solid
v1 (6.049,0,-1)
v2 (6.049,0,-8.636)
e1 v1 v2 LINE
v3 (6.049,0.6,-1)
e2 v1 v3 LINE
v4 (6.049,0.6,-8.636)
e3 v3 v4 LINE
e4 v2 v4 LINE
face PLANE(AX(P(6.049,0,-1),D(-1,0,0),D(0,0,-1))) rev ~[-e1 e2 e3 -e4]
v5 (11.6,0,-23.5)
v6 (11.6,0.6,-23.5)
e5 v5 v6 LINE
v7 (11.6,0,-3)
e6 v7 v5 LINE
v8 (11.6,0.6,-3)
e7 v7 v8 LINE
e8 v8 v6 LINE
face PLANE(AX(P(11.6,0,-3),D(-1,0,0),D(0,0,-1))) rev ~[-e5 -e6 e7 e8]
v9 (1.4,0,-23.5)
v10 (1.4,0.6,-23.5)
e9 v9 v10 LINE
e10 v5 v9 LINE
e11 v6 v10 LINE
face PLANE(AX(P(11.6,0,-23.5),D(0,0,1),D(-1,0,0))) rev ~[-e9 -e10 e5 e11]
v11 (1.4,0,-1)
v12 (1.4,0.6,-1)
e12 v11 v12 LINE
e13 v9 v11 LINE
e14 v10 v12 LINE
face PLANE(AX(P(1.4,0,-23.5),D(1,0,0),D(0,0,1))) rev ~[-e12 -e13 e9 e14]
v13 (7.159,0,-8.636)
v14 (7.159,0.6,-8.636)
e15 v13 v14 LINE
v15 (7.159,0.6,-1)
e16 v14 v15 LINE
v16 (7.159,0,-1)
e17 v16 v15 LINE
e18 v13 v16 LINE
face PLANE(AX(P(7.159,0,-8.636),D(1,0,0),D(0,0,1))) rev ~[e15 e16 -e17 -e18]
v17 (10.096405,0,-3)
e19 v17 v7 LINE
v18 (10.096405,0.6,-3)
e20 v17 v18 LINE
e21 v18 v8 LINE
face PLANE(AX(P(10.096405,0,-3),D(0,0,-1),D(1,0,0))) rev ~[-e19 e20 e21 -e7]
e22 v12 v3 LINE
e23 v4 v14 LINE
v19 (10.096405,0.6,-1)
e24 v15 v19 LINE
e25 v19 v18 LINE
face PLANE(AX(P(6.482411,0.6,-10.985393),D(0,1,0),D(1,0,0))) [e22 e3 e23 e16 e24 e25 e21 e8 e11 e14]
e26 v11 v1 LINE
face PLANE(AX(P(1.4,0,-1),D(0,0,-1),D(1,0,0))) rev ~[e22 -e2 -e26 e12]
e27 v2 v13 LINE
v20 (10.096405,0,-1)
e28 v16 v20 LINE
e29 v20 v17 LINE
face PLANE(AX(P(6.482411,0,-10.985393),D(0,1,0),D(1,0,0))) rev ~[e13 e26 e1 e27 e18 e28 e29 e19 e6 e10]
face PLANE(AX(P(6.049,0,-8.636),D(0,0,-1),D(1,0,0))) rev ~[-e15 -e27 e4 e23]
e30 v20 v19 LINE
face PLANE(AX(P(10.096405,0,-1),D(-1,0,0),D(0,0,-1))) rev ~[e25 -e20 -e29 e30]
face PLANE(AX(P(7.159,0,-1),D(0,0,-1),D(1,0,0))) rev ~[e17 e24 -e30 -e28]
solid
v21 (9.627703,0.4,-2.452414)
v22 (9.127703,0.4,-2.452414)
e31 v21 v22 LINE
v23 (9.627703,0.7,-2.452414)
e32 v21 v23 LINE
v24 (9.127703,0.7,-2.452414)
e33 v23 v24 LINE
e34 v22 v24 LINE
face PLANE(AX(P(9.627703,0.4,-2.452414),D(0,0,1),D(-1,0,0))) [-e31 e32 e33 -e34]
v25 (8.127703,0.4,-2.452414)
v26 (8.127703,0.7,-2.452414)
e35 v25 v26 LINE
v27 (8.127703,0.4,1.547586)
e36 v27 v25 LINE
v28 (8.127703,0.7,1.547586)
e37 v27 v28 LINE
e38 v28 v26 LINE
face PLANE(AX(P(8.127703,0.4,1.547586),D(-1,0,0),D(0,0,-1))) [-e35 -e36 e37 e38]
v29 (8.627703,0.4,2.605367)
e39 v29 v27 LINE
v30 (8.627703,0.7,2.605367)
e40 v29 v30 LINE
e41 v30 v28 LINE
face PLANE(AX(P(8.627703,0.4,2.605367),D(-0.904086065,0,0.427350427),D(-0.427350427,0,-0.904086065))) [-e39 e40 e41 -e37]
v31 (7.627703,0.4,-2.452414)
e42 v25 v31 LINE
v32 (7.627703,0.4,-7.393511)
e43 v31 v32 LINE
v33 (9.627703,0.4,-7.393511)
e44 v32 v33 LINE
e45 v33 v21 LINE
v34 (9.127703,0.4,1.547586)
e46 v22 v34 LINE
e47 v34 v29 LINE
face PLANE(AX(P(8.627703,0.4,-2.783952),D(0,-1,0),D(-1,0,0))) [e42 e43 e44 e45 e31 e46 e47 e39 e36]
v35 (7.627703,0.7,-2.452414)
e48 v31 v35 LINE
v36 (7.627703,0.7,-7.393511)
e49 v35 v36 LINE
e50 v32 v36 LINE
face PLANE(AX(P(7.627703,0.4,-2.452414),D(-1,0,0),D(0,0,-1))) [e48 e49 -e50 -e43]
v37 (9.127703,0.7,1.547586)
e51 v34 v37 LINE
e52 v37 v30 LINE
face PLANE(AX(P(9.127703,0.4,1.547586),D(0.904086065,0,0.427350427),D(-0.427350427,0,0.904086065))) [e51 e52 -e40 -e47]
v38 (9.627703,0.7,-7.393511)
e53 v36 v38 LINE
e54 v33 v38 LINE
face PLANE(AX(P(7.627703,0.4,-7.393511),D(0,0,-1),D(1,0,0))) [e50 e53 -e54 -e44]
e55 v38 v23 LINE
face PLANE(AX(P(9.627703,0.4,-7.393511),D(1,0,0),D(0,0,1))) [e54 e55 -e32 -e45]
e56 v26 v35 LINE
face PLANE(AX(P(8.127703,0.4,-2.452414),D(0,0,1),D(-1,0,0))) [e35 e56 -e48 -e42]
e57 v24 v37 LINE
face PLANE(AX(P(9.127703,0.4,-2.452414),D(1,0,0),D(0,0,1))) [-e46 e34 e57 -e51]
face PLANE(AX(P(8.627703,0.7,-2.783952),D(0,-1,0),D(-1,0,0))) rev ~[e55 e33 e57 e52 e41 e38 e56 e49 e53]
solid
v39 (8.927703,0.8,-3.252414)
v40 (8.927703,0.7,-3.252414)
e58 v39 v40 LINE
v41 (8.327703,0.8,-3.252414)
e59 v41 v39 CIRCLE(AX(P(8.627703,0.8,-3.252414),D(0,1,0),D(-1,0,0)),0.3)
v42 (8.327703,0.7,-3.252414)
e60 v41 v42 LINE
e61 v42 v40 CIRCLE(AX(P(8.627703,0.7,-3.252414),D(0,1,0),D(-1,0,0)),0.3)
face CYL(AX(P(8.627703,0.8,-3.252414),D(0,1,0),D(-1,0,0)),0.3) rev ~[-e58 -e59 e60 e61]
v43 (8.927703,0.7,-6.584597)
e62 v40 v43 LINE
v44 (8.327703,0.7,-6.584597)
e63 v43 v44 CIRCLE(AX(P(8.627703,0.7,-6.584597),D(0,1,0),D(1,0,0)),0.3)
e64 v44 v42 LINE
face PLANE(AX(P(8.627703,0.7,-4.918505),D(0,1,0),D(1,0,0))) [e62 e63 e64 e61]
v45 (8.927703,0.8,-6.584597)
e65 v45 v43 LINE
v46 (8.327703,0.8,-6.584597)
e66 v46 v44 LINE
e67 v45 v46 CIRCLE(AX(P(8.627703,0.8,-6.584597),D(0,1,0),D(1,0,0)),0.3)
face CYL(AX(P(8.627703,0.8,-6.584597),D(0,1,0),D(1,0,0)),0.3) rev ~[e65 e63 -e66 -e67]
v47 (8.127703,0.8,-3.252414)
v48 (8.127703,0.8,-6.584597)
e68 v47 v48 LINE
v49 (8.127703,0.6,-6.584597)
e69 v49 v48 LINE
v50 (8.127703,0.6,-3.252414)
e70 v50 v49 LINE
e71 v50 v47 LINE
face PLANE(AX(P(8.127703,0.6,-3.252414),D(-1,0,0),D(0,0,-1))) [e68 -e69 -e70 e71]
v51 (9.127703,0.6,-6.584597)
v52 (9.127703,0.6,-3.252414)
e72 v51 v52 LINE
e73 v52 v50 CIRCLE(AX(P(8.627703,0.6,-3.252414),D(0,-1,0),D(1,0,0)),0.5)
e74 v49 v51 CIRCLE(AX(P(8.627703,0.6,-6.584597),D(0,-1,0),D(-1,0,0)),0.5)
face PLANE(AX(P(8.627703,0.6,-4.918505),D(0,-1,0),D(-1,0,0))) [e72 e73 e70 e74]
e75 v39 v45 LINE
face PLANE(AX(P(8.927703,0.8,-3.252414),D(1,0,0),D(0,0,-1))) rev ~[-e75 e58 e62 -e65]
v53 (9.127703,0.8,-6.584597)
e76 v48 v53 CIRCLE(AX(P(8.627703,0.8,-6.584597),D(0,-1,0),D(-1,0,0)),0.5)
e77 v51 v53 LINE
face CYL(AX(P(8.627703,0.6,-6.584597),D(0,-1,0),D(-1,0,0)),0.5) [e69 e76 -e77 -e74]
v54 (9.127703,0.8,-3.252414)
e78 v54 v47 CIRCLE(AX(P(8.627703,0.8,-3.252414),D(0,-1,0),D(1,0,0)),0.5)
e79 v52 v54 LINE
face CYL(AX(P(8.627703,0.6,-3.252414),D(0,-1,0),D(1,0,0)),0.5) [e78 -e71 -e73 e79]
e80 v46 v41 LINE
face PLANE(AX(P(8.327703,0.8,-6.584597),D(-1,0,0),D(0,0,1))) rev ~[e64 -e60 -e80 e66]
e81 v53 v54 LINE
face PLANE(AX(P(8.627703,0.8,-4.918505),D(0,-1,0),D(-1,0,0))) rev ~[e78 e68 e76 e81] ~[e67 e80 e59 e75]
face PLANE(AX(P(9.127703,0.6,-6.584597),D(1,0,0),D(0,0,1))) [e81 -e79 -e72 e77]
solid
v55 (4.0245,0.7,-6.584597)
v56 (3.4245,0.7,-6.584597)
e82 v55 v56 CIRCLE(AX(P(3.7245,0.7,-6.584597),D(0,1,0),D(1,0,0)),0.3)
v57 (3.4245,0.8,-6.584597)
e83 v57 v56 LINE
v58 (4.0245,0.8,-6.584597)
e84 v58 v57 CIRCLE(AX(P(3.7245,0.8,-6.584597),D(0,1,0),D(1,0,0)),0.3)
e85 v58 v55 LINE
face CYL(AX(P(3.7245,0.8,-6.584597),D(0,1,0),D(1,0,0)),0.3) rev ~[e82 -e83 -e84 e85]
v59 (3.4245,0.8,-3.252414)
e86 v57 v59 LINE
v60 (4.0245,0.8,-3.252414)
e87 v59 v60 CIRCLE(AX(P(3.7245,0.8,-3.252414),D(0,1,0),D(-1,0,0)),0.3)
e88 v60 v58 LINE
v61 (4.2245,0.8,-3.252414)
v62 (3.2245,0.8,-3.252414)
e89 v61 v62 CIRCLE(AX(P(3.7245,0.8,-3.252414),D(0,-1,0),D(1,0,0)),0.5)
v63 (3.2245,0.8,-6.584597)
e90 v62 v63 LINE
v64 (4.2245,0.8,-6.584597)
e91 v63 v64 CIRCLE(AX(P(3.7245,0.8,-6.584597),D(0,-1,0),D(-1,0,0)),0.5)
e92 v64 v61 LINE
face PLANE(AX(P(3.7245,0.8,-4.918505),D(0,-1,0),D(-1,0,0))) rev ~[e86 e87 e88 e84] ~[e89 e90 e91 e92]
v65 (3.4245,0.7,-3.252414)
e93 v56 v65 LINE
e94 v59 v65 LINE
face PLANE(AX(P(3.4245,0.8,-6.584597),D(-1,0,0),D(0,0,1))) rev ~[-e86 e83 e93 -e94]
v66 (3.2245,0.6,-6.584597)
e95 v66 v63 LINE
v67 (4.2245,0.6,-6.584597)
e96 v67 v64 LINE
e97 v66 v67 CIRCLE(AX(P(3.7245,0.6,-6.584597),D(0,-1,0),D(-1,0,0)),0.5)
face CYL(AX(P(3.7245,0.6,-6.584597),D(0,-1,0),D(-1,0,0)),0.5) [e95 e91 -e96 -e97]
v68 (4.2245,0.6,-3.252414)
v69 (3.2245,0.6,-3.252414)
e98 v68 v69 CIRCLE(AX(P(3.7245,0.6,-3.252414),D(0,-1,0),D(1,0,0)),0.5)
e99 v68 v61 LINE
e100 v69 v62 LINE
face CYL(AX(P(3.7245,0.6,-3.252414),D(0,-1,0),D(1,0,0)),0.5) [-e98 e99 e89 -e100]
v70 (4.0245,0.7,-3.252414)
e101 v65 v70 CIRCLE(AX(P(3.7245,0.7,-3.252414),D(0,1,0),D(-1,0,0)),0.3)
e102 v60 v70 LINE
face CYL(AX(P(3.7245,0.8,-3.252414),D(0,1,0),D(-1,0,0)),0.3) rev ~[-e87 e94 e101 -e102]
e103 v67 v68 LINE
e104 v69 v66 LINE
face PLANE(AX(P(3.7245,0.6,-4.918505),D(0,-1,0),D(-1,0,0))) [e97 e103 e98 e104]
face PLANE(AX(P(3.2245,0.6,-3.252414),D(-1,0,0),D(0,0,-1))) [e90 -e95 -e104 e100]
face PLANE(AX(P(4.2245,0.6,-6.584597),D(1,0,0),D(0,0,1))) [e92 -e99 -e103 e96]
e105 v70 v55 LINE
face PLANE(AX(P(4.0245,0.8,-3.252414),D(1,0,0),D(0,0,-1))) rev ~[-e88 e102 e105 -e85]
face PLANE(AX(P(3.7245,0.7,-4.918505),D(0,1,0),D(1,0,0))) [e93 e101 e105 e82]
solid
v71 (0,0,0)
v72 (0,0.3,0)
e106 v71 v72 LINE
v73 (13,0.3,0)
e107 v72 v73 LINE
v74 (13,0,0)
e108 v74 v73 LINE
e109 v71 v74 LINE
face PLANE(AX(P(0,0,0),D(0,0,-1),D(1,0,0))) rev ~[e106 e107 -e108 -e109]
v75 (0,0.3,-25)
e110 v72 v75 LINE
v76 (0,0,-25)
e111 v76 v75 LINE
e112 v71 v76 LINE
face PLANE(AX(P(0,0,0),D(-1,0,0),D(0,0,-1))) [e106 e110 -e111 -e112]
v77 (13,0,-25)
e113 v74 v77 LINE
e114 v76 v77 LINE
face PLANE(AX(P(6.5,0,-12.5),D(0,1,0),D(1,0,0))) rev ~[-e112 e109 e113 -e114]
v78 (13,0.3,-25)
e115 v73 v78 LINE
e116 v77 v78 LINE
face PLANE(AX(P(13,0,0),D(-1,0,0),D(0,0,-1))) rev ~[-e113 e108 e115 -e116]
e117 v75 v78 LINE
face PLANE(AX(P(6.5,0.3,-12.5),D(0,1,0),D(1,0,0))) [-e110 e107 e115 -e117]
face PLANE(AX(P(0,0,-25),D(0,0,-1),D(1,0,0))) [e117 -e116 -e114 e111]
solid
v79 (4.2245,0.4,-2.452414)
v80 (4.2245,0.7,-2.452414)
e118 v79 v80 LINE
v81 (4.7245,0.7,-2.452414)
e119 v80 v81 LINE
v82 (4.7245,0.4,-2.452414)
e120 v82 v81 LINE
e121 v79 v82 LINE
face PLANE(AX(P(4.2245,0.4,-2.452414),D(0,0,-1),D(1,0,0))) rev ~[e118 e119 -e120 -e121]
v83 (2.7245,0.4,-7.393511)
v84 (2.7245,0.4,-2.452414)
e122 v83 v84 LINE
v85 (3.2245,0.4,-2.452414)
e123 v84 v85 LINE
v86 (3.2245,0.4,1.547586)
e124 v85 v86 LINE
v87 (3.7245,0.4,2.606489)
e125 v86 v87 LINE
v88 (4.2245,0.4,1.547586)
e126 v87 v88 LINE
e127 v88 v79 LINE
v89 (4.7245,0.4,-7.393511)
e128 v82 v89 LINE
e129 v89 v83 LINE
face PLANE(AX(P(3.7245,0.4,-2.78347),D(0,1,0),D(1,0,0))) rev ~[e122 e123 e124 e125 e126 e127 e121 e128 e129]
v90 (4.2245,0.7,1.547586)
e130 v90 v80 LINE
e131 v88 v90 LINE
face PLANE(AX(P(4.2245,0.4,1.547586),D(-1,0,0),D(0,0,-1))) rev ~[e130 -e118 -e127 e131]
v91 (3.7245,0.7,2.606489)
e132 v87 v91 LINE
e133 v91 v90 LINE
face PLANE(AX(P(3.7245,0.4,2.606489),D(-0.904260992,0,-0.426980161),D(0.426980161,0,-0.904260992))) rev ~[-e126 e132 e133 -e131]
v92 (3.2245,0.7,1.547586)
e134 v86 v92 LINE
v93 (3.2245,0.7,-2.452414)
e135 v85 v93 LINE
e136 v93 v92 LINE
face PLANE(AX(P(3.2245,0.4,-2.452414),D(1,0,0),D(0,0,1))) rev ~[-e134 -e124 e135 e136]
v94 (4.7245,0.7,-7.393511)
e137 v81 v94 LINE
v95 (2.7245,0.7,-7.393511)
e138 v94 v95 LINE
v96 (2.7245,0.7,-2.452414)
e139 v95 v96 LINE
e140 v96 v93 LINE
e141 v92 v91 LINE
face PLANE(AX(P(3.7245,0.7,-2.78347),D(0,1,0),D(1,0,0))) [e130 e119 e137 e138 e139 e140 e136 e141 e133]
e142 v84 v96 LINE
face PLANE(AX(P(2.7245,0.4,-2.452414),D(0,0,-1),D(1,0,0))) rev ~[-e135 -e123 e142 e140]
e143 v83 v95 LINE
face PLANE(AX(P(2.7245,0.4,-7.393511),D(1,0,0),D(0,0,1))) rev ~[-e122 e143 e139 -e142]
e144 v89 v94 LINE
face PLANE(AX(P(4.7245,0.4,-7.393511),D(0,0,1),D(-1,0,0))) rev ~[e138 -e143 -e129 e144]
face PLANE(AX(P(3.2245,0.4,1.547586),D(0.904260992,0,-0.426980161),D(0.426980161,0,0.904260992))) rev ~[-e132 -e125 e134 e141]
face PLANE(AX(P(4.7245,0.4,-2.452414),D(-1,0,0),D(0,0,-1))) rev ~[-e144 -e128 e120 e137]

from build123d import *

# Parameters (mm, degrees)
SKETCH1_W                   = 13
SKETCH1_H                   = 25
PLASTIC_COAT_DEPTH          = 0.3
ALUMINUM_EXTRUDE_DEPTH      = 0.3
ALUMINUM_EXTRUDE_DEPTH_BACK = 0.3
SENSOR_EXTRUDE_DEPTH        = 0.1
SENSOR_EXTRUDE_DEPTH_BACK   = 0.2
SENSOR_EXTRUDE_2_DEPTH      = 0.1
SENSOR_EXTRUDE_2_DEPTH_BACK = 0.2
BOSS_EXTRUDE6_DEPTH         = 0.1
BOSS_EXTRUDE6_DEPTH_BACK    = 0.1
BOSS_EXTRUDE6_2_DEPTH       = 0.1
BOSS_EXTRUDE6_2_DEPTH_BACK  = 0.1
CUT_EXTRUDE2_DEPTH          = 0.1
CUT_EXTRUDE3_DEPTH          = 0.1


with BuildPart() as part:
    # Sketch1 → plastic coat (new body)
    with BuildSketch(Plane(origin=(0, 0, 0), x_dir=(1, 0, 0), z_dir=(0, 1, 0))):
        with Locations((6.5, 12.5)):
            Rectangle(SKETCH1_W, SKETCH1_H)
    extrude(amount=PLASTIC_COAT_DEPTH)


with BuildPart() as body_2:
    # Sketch2 → aluminum extrude (new, two sides: drawn at the far end of the back side and taken through both)
    with BuildSketch(Plane(origin=(0, 0.3, 0), x_dir=(1, 0, 0), z_dir=(0, 1, 0)).offset(-ALUMINUM_EXTRUDE_DEPTH_BACK)):
        Polygon((1.4, 1), (6.049, 1), (6.049, 8.636), (7.159, 8.636), (7.159, 2.740696479), (7.159, 1), (10.096405054, 1), (10.096405054, 3), (11.6, 3), (11.6, 23.5), (1.4, 23.5), align=None)
    extrude(amount=ALUMINUM_EXTRUDE_DEPTH + ALUMINUM_EXTRUDE_DEPTH_BACK)


with BuildPart() as body_3:
    # Sketch3 → sensor extrude (new, two sides: drawn at the far end of the back side and taken through both)
    with BuildSketch(Plane(origin=(0, 0.6, 0), x_dir=(1, 0, 0), z_dir=(0, 1, 0)).offset(-SENSOR_EXTRUDE_DEPTH_BACK)):
        Polygon((2.7245, 7.393511148), (2.7245, 2.452413967), (3.2245, 2.452413967), (3.2245, -1.547586033), (3.7245, -2.606488852), (4.2245, -1.547586033), (4.2245, 2.452413967), (4.7245, 2.452413967), (4.7245, 7.393511148), align=None)
    extrude(amount=SENSOR_EXTRUDE_DEPTH + SENSOR_EXTRUDE_DEPTH_BACK)


with BuildPart() as body_4:
    # Sketch3 → sensor extrude 2 (new, two sides: drawn at the far end of the back side and taken through both)
    with BuildSketch(Plane(origin=(0, 0.6, 0), x_dir=(1, 0, 0), z_dir=(0, 1, 0)).offset(-SENSOR_EXTRUDE_2_DEPTH_BACK)):
        Polygon((7.627702527, 7.393511148), (9.627702527, 7.393511148), (9.627702527, 2.452413967), (9.127702527, 2.452413967), (9.127702527, -1.547586033), (8.627702527, -2.605366729), (8.127702527, -1.547586033), (8.127702527, 2.452413967), (7.627702527, 2.452413967), align=None)
    extrude(amount=SENSOR_EXTRUDE_2_DEPTH + SENSOR_EXTRUDE_2_DEPTH_BACK)


with BuildPart() as body_5:
    # Sketch4 → Boss-Extrude6 (new, two sides: drawn at the far end of the back side and taken through both)
    with BuildSketch(Plane(origin=(0, 0.7, 0), x_dir=(1, 0, 0), z_dir=(0, 1, 0)).offset(-BOSS_EXTRUDE6_DEPTH_BACK)):
        with BuildLine():
            Line((4.2245, 6.584596811), (4.2245, 3.252413967))
            ThreePointArc((4.2245, 3.252413967), (3.7245, 2.752413967), (3.2245, 3.252413967))
            Line((3.2245, 3.252413967), (3.2245, 6.584596811))
            ThreePointArc((3.2245, 6.584596811), (3.7245, 7.084596811), (4.2245, 6.584596811))
        make_face()
    extrude(amount=BOSS_EXTRUDE6_DEPTH + BOSS_EXTRUDE6_DEPTH_BACK)

    # Sketch11 → Cut-Extrude3 (cut)
    with BuildSketch(Plane(origin=(0, 0.8, 0), x_dir=(1, 0, 0), z_dir=(0, 1, 0))):
        with BuildLine():
            Line((3.4245, 6.584596811), (3.4245, 3.252413967))
            ThreePointArc((3.4245, 3.252413967), (3.7245, 2.952413967), (4.0245, 3.252413967))
            Line((4.0245, 3.252413967), (4.0245, 6.584596811))
            ThreePointArc((4.0245, 6.584596811), (3.7245, 6.884596811), (3.4245, 6.584596811))
        make_face()
    extrude(amount=-CUT_EXTRUDE3_DEPTH, mode=Mode.SUBTRACT)


with BuildPart() as body_6:
    # Sketch4 → Boss-Extrude6 2 (new, two sides: drawn at the far end of the back side and taken through both)
    with BuildSketch(Plane(origin=(0, 0.7, 0), x_dir=(1, 0, 0), z_dir=(0, 1, 0)).offset(-BOSS_EXTRUDE6_2_DEPTH_BACK)):
        with BuildLine():
            Line((9.127702527, 6.584596811), (9.127702527, 3.252413967))
            ThreePointArc((9.127702527, 3.252413967), (8.627702527, 2.752413967), (8.127702527, 3.252413967))
            Line((8.127702527, 3.252413967), (8.127702527, 6.584596811))
            ThreePointArc((8.127702527, 6.584596811), (8.627702527, 7.084596811), (9.127702527, 6.584596811))
        make_face()
    extrude(amount=BOSS_EXTRUDE6_2_DEPTH + BOSS_EXTRUDE6_2_DEPTH_BACK)

    # Sketch10 → Cut-Extrude2 (cut)
    with BuildSketch(Plane(origin=(0, 0.8, 0), x_dir=(1, 0, 0), z_dir=(0, 1, 0))):
        with BuildLine():
            Line((8.327702527, 6.584596811), (8.327702527, 3.252413967))
            ThreePointArc((8.327702527, 3.252413967), (8.627702527, 2.952413967), (8.927702527, 3.252413967))
            Line((8.927702527, 3.252413967), (8.927702527, 6.584596811))
            ThreePointArc((8.927702527, 6.584596811), (8.627702527, 6.884596811), (8.327702527, 6.584596811))
        make_face()
    extrude(amount=-CUT_EXTRUDE2_DEPTH, mode=Mode.SUBTRACT)


solid = Compound([part.part, body_2.part, body_3.part, body_4.part, body_5.part, body_6.part])
